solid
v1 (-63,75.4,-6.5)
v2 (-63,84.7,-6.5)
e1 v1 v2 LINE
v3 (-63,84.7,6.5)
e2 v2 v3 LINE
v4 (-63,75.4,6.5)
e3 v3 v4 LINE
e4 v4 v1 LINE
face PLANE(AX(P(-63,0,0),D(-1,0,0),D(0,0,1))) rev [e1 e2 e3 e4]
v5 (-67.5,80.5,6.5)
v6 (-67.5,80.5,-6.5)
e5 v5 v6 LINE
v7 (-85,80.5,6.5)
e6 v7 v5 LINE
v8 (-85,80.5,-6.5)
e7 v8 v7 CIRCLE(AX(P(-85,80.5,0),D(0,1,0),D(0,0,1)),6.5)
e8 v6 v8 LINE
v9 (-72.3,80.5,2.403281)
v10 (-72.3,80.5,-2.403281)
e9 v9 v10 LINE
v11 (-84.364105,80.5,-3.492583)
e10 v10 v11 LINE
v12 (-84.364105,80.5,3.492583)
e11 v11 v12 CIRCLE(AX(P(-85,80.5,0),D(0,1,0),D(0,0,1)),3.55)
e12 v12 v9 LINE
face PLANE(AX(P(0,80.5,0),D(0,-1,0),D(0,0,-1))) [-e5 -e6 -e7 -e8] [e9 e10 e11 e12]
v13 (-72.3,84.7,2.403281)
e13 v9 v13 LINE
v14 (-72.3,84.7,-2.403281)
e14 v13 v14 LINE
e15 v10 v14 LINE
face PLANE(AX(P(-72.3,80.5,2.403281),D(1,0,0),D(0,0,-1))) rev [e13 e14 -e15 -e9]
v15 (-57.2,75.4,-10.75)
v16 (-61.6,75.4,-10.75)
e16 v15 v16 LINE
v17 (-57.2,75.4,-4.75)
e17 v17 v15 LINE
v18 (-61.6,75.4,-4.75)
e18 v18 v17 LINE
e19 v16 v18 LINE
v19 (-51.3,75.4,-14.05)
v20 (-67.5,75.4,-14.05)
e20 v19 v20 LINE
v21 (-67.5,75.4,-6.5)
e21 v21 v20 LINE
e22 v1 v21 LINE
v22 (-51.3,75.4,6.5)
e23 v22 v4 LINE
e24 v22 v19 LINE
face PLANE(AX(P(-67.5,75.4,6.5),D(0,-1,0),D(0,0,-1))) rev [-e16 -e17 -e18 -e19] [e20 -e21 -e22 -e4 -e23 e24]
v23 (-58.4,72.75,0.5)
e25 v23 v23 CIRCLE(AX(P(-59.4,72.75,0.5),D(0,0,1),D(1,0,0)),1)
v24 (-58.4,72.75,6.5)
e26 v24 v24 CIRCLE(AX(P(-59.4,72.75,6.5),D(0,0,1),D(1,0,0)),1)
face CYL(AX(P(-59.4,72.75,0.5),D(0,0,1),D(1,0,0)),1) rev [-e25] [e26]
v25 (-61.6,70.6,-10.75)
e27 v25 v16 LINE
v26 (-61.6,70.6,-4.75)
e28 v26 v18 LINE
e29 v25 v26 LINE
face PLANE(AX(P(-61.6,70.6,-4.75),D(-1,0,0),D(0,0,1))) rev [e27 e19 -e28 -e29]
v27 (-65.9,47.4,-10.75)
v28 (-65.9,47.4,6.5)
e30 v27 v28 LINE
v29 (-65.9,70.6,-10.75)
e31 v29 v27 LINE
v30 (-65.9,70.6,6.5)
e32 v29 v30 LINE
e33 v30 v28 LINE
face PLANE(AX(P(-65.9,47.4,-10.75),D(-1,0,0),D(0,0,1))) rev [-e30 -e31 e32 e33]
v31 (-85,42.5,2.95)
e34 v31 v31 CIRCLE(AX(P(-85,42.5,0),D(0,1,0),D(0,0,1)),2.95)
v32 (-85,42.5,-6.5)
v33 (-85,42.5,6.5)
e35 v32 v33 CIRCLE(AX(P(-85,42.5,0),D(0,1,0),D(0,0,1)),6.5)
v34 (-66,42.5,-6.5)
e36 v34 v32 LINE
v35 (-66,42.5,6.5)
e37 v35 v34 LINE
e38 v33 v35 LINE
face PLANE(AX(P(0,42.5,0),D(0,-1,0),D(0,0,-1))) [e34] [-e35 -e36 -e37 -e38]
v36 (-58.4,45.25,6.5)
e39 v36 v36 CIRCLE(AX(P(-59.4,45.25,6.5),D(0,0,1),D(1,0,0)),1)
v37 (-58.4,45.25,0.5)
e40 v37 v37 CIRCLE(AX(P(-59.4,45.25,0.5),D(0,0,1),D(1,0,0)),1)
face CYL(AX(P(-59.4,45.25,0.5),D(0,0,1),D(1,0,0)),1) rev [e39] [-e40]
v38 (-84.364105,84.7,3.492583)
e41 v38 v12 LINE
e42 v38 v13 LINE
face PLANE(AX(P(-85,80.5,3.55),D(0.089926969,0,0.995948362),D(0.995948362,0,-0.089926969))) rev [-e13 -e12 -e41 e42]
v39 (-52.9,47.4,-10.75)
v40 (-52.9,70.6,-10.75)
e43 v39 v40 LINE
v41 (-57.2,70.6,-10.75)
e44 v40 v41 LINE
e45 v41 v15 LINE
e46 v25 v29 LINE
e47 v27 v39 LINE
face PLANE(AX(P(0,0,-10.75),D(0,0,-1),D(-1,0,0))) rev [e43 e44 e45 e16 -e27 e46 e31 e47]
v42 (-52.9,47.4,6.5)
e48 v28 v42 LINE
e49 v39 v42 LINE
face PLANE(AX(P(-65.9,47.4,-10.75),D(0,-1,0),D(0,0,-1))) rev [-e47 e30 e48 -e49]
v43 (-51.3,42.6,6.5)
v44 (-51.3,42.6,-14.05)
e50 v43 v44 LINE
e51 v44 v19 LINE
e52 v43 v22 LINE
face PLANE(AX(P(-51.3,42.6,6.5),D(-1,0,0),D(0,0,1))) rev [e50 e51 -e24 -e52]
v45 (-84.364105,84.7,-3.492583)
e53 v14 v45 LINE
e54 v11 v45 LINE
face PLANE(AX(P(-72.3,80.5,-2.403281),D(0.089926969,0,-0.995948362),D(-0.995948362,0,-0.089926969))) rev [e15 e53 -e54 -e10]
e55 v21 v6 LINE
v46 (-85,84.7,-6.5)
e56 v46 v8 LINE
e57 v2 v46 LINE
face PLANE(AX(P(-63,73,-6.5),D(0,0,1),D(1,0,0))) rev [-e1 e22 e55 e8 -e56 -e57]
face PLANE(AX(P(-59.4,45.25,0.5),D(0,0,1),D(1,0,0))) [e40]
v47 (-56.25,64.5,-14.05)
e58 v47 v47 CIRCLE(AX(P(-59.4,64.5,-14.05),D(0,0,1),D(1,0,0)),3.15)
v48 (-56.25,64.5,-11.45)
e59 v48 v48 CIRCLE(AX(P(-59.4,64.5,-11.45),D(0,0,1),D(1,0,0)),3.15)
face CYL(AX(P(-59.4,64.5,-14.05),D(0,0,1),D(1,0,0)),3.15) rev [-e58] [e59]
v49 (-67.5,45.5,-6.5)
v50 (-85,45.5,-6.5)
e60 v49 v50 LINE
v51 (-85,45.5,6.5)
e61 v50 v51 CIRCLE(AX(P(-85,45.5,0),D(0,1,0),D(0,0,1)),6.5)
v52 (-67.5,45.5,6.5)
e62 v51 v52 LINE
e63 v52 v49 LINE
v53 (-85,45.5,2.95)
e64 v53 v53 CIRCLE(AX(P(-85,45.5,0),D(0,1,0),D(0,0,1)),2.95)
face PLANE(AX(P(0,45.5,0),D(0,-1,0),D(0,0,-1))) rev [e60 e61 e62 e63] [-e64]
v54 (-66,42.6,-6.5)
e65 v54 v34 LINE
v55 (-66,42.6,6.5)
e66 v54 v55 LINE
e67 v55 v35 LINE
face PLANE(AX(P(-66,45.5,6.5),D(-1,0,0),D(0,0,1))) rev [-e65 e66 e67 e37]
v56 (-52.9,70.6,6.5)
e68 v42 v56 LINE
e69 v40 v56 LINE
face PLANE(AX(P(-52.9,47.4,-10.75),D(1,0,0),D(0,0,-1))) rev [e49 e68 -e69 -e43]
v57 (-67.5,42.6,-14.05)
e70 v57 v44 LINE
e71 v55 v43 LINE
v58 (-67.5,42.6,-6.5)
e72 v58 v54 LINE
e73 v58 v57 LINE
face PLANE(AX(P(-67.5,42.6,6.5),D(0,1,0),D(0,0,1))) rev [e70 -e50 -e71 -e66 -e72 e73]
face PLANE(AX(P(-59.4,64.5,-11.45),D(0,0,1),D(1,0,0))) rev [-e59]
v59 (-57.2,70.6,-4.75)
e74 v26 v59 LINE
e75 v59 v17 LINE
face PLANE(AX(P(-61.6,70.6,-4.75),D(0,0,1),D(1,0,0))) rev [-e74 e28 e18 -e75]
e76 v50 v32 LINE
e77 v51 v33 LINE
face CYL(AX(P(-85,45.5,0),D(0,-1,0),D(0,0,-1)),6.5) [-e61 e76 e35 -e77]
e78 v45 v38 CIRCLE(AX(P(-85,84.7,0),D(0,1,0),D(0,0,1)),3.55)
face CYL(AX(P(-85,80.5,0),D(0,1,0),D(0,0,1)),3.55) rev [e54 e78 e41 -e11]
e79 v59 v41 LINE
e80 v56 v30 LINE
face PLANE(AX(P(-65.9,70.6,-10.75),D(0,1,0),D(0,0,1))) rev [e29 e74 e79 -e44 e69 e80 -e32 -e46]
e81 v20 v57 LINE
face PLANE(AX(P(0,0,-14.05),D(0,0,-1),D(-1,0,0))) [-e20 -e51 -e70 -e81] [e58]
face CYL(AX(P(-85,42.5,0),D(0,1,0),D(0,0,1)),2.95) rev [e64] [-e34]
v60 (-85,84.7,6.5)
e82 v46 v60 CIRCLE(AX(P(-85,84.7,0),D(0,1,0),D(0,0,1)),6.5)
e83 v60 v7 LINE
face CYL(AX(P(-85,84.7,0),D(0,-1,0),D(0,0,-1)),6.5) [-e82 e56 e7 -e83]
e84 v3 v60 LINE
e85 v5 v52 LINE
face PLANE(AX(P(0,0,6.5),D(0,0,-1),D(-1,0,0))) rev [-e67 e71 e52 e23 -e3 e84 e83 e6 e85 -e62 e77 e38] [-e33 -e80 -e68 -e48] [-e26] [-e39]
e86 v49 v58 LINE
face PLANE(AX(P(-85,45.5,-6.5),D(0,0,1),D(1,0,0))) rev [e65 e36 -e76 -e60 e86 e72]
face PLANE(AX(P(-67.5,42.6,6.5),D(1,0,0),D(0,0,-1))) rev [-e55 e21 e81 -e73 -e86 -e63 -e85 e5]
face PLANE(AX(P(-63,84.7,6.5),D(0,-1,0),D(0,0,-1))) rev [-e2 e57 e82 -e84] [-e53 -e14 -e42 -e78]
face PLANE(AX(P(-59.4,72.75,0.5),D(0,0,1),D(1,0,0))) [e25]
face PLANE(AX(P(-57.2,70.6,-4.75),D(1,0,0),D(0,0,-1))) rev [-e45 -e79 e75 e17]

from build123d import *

# Parameters (mm, degrees)
BOSS_EXTRUDE1_START = -3.775
SKETCH1_W           = 16.2
SKETCH1_H           = 32.8
BOSS_EXTRUDE1_DEPTH = 10.275
BOSS_EXTRUDE2_START = -65.25
SKETCH2_W           = 13
SKETCH2_H           = 11.7
BOSS_EXTRUDE2_DEPTH = 2.25
BOSS_EXTRUDE3_START = 82.6
SKETCH3_R           = 6.5
BOSS_EXTRUDE3_DEPTH = 2.1
BOSS_EXTRUDE4_START = 82.6
SKETCH4_W           = 19
SKETCH4_H           = 13
BOSS_EXTRUDE4_DEPTH = 2.1
CUT_EXTRUDE1_START  = 82.6
SKETCH5_R           = 3.55
CUT_EXTRUDE1_DEPTH  = 2.1
CUT_EXTRUDE2_START  = 82.6
CUT_EXTRUDE2_DEPTH  = 2.1
BOSS_EXTRUDE5_START = 44
SKETCH7_R           = 6.5
BOSS_EXTRUDE5_DEPTH = 1.5
BOSS_EXTRUDE6_START = 44
SKETCH8_W           = 19
SKETCH8_H           = 13
BOSS_EXTRUDE6_DEPTH = 1.5
CUT_EXTRUDE3_START  = 44
SKETCH9_R           = 2.95
CUT_EXTRUDE3_DEPTH  = 1.5
CUT_EXTRUDE4_START  = -2.125
SKETCH10_W          = 13
SKETCH10_H          = 23.2
CUT_EXTRUDE4_DEPTH  = 8.625
CUT_EXTRUDE5_START  = 3.5
SKETCH11_R          = 1
CUT_EXTRUDE5_DEPTH  = 3
CUT_EXTRUDE6_START  = 3.5
SKETCH12_R          = 1
CUT_EXTRUDE6_DEPTH  = 3
CUT_EXTRUDE7_START  = -12.75
SKETCH13_R          = 3.15
CUT_EXTRUDE7_DEPTH  = 1.3
CUT_EXTRUDE8_START  = 73
SKETCH14_W          = 4.4
SKETCH14_H          = 6
CUT_EXTRUDE8_DEPTH  = 2.4


with BuildPart() as part:
    # Sketch1 → Boss-Extrude1 (new, symmetric)
    with BuildSketch(Plane.XY.offset(BOSS_EXTRUDE1_START)):
        with Locations((-59.4, 59)):
            Rectangle(SKETCH1_W, SKETCH1_H)
    extrude(amount=BOSS_EXTRUDE1_DEPTH, both=True)

    # Sketch2 → Boss-Extrude2 (add, symmetric)
    with BuildSketch(Plane(origin=(0, 0, 0), x_dir=(0, 0, -1), z_dir=(1, 0, 0)).offset(BOSS_EXTRUDE2_START)):
        with Locations((0, 78.85)):
            Rectangle(SKETCH2_W, SKETCH2_H)
    extrude(amount=BOSS_EXTRUDE2_DEPTH, both=True)



with BuildPart() as body_2:
    # Sketch3 → Boss-Extrude3 (new, symmetric)
    with BuildSketch(Plane(origin=(0, 0, 0), x_dir=(1, 0, 0), z_dir=(0, 1, 0)).offset(BOSS_EXTRUDE3_START)):
        with Locations(Location((-85, 0, 0), (0, 0, 270))):
            Circle(SKETCH3_R)
    extrude(amount=BOSS_EXTRUDE3_DEPTH, both=True)


with BuildPart() as part_1:
    add(part.part)

    add(body_2.part)  # Boss-Extrude4 merges body 2
    # Sketch4 → Boss-Extrude4 (add, symmetric)
    with BuildSketch(Plane(origin=(0, 0, 0), x_dir=(1, 0, 0), z_dir=(0, 1, 0)).offset(BOSS_EXTRUDE4_START)):
        with Locations((-75.5, 0)):
            Rectangle(SKETCH4_W, SKETCH4_H)
    extrude(amount=BOSS_EXTRUDE4_DEPTH, both=True)

    # Sketch5 → Cut-Extrude1 (cut, symmetric)
    with BuildSketch(Plane(origin=(0, 0, 0), x_dir=(1, 0, 0), z_dir=(0, 1, 0)).offset(CUT_EXTRUDE1_START)):
        with Locations(Location((-85, 0, 0), (0, 0, 270))):
            Circle(SKETCH5_R)
    extrude(amount=CUT_EXTRUDE1_DEPTH, both=True, mode=Mode.SUBTRACT)

    # Sketch6 → Cut-Extrude2 (cut, symmetric)
    with BuildSketch(Plane(origin=(0, 0, 0), x_dir=(1, 0, 0), z_dir=(0, 1, 0)).offset(CUT_EXTRUDE2_START)):
        Polygon((-85, -3.55), (-72.3, -2.403281405), (-72.3, 2.403281405), (-85, 3.55), align=None)
    extrude(amount=CUT_EXTRUDE2_DEPTH, both=True, mode=Mode.SUBTRACT)



with BuildPart() as body_2_2:
    # Sketch7 → Boss-Extrude5 (new, symmetric)
    with BuildSketch(Plane(origin=(0, 0, 0), x_dir=(1, 0, 0), z_dir=(0, 1, 0)).offset(BOSS_EXTRUDE5_START)):
        with Locations(Location((-85, 0, 0), (0, 0, 270))):
            Circle(SKETCH7_R)
    extrude(amount=BOSS_EXTRUDE5_DEPTH, both=True)


with BuildPart() as part_2:
    add(part_1.part)

    add(body_2_2.part)  # Boss-Extrude6 merges body 2 2
    # Sketch8 → Boss-Extrude6 (add, symmetric)
    with BuildSketch(Plane(origin=(0, 0, 0), x_dir=(1, 0, 0), z_dir=(0, 1, 0)).offset(BOSS_EXTRUDE6_START)):
        with Locations((-75.5, 0)):
            Rectangle(SKETCH8_W, SKETCH8_H)
    extrude(amount=BOSS_EXTRUDE6_DEPTH, both=True)

    # Sketch9 → Cut-Extrude3 (cut, symmetric)
    with BuildSketch(Plane(origin=(0, 0, 0), x_dir=(1, 0, 0), z_dir=(0, 1, 0)).offset(CUT_EXTRUDE3_START)):
        with Locations(Location((-85, 0, 0), (0, 0, 270))):
            Circle(SKETCH9_R)
    extrude(amount=CUT_EXTRUDE3_DEPTH, both=True, mode=Mode.SUBTRACT)

    # Sketch10 → Cut-Extrude4 (cut, symmetric)
    with BuildSketch(Plane.XY.offset(CUT_EXTRUDE4_START)):
        with Locations((-59.4, 59)):
            Rectangle(SKETCH10_W, SKETCH10_H)
    extrude(amount=CUT_EXTRUDE4_DEPTH, both=True, mode=Mode.SUBTRACT)

    # Sketch11 → Cut-Extrude5 (cut, symmetric)
    with BuildSketch(Plane.XY.offset(CUT_EXTRUDE5_START)):
        with Locations((-59.4, 45.25)):
            Circle(SKETCH11_R)
    extrude(amount=CUT_EXTRUDE5_DEPTH, both=True, mode=Mode.SUBTRACT)

    # Sketch12 → Cut-Extrude6 (cut, symmetric)
    with BuildSketch(Plane.XY.offset(CUT_EXTRUDE6_START)):
        with Locations((-59.4, 72.75)):
            Circle(SKETCH12_R)
    extrude(amount=CUT_EXTRUDE6_DEPTH, both=True, mode=Mode.SUBTRACT)

    # Sketch13 → Cut-Extrude7 (cut, symmetric)
    with BuildSketch(Plane.XY.offset(CUT_EXTRUDE7_START)):
        with Locations((-59.4, 64.5)):
            Circle(SKETCH13_R)
    extrude(amount=CUT_EXTRUDE7_DEPTH, both=True, mode=Mode.SUBTRACT)

    # Sketch14 → Cut-Extrude8 (cut, symmetric)
    with BuildSketch(Plane(origin=(0, 0, 0), x_dir=(1, 0, 0), z_dir=(0, 1, 0)).offset(CUT_EXTRUDE8_START)):
        with Locations((-59.4, 7.75)):
            Rectangle(SKETCH14_W, SKETCH14_H)
    extrude(amount=CUT_EXTRUDE8_DEPTH, both=True, mode=Mode.SUBTRACT)


solid = part_2.part
